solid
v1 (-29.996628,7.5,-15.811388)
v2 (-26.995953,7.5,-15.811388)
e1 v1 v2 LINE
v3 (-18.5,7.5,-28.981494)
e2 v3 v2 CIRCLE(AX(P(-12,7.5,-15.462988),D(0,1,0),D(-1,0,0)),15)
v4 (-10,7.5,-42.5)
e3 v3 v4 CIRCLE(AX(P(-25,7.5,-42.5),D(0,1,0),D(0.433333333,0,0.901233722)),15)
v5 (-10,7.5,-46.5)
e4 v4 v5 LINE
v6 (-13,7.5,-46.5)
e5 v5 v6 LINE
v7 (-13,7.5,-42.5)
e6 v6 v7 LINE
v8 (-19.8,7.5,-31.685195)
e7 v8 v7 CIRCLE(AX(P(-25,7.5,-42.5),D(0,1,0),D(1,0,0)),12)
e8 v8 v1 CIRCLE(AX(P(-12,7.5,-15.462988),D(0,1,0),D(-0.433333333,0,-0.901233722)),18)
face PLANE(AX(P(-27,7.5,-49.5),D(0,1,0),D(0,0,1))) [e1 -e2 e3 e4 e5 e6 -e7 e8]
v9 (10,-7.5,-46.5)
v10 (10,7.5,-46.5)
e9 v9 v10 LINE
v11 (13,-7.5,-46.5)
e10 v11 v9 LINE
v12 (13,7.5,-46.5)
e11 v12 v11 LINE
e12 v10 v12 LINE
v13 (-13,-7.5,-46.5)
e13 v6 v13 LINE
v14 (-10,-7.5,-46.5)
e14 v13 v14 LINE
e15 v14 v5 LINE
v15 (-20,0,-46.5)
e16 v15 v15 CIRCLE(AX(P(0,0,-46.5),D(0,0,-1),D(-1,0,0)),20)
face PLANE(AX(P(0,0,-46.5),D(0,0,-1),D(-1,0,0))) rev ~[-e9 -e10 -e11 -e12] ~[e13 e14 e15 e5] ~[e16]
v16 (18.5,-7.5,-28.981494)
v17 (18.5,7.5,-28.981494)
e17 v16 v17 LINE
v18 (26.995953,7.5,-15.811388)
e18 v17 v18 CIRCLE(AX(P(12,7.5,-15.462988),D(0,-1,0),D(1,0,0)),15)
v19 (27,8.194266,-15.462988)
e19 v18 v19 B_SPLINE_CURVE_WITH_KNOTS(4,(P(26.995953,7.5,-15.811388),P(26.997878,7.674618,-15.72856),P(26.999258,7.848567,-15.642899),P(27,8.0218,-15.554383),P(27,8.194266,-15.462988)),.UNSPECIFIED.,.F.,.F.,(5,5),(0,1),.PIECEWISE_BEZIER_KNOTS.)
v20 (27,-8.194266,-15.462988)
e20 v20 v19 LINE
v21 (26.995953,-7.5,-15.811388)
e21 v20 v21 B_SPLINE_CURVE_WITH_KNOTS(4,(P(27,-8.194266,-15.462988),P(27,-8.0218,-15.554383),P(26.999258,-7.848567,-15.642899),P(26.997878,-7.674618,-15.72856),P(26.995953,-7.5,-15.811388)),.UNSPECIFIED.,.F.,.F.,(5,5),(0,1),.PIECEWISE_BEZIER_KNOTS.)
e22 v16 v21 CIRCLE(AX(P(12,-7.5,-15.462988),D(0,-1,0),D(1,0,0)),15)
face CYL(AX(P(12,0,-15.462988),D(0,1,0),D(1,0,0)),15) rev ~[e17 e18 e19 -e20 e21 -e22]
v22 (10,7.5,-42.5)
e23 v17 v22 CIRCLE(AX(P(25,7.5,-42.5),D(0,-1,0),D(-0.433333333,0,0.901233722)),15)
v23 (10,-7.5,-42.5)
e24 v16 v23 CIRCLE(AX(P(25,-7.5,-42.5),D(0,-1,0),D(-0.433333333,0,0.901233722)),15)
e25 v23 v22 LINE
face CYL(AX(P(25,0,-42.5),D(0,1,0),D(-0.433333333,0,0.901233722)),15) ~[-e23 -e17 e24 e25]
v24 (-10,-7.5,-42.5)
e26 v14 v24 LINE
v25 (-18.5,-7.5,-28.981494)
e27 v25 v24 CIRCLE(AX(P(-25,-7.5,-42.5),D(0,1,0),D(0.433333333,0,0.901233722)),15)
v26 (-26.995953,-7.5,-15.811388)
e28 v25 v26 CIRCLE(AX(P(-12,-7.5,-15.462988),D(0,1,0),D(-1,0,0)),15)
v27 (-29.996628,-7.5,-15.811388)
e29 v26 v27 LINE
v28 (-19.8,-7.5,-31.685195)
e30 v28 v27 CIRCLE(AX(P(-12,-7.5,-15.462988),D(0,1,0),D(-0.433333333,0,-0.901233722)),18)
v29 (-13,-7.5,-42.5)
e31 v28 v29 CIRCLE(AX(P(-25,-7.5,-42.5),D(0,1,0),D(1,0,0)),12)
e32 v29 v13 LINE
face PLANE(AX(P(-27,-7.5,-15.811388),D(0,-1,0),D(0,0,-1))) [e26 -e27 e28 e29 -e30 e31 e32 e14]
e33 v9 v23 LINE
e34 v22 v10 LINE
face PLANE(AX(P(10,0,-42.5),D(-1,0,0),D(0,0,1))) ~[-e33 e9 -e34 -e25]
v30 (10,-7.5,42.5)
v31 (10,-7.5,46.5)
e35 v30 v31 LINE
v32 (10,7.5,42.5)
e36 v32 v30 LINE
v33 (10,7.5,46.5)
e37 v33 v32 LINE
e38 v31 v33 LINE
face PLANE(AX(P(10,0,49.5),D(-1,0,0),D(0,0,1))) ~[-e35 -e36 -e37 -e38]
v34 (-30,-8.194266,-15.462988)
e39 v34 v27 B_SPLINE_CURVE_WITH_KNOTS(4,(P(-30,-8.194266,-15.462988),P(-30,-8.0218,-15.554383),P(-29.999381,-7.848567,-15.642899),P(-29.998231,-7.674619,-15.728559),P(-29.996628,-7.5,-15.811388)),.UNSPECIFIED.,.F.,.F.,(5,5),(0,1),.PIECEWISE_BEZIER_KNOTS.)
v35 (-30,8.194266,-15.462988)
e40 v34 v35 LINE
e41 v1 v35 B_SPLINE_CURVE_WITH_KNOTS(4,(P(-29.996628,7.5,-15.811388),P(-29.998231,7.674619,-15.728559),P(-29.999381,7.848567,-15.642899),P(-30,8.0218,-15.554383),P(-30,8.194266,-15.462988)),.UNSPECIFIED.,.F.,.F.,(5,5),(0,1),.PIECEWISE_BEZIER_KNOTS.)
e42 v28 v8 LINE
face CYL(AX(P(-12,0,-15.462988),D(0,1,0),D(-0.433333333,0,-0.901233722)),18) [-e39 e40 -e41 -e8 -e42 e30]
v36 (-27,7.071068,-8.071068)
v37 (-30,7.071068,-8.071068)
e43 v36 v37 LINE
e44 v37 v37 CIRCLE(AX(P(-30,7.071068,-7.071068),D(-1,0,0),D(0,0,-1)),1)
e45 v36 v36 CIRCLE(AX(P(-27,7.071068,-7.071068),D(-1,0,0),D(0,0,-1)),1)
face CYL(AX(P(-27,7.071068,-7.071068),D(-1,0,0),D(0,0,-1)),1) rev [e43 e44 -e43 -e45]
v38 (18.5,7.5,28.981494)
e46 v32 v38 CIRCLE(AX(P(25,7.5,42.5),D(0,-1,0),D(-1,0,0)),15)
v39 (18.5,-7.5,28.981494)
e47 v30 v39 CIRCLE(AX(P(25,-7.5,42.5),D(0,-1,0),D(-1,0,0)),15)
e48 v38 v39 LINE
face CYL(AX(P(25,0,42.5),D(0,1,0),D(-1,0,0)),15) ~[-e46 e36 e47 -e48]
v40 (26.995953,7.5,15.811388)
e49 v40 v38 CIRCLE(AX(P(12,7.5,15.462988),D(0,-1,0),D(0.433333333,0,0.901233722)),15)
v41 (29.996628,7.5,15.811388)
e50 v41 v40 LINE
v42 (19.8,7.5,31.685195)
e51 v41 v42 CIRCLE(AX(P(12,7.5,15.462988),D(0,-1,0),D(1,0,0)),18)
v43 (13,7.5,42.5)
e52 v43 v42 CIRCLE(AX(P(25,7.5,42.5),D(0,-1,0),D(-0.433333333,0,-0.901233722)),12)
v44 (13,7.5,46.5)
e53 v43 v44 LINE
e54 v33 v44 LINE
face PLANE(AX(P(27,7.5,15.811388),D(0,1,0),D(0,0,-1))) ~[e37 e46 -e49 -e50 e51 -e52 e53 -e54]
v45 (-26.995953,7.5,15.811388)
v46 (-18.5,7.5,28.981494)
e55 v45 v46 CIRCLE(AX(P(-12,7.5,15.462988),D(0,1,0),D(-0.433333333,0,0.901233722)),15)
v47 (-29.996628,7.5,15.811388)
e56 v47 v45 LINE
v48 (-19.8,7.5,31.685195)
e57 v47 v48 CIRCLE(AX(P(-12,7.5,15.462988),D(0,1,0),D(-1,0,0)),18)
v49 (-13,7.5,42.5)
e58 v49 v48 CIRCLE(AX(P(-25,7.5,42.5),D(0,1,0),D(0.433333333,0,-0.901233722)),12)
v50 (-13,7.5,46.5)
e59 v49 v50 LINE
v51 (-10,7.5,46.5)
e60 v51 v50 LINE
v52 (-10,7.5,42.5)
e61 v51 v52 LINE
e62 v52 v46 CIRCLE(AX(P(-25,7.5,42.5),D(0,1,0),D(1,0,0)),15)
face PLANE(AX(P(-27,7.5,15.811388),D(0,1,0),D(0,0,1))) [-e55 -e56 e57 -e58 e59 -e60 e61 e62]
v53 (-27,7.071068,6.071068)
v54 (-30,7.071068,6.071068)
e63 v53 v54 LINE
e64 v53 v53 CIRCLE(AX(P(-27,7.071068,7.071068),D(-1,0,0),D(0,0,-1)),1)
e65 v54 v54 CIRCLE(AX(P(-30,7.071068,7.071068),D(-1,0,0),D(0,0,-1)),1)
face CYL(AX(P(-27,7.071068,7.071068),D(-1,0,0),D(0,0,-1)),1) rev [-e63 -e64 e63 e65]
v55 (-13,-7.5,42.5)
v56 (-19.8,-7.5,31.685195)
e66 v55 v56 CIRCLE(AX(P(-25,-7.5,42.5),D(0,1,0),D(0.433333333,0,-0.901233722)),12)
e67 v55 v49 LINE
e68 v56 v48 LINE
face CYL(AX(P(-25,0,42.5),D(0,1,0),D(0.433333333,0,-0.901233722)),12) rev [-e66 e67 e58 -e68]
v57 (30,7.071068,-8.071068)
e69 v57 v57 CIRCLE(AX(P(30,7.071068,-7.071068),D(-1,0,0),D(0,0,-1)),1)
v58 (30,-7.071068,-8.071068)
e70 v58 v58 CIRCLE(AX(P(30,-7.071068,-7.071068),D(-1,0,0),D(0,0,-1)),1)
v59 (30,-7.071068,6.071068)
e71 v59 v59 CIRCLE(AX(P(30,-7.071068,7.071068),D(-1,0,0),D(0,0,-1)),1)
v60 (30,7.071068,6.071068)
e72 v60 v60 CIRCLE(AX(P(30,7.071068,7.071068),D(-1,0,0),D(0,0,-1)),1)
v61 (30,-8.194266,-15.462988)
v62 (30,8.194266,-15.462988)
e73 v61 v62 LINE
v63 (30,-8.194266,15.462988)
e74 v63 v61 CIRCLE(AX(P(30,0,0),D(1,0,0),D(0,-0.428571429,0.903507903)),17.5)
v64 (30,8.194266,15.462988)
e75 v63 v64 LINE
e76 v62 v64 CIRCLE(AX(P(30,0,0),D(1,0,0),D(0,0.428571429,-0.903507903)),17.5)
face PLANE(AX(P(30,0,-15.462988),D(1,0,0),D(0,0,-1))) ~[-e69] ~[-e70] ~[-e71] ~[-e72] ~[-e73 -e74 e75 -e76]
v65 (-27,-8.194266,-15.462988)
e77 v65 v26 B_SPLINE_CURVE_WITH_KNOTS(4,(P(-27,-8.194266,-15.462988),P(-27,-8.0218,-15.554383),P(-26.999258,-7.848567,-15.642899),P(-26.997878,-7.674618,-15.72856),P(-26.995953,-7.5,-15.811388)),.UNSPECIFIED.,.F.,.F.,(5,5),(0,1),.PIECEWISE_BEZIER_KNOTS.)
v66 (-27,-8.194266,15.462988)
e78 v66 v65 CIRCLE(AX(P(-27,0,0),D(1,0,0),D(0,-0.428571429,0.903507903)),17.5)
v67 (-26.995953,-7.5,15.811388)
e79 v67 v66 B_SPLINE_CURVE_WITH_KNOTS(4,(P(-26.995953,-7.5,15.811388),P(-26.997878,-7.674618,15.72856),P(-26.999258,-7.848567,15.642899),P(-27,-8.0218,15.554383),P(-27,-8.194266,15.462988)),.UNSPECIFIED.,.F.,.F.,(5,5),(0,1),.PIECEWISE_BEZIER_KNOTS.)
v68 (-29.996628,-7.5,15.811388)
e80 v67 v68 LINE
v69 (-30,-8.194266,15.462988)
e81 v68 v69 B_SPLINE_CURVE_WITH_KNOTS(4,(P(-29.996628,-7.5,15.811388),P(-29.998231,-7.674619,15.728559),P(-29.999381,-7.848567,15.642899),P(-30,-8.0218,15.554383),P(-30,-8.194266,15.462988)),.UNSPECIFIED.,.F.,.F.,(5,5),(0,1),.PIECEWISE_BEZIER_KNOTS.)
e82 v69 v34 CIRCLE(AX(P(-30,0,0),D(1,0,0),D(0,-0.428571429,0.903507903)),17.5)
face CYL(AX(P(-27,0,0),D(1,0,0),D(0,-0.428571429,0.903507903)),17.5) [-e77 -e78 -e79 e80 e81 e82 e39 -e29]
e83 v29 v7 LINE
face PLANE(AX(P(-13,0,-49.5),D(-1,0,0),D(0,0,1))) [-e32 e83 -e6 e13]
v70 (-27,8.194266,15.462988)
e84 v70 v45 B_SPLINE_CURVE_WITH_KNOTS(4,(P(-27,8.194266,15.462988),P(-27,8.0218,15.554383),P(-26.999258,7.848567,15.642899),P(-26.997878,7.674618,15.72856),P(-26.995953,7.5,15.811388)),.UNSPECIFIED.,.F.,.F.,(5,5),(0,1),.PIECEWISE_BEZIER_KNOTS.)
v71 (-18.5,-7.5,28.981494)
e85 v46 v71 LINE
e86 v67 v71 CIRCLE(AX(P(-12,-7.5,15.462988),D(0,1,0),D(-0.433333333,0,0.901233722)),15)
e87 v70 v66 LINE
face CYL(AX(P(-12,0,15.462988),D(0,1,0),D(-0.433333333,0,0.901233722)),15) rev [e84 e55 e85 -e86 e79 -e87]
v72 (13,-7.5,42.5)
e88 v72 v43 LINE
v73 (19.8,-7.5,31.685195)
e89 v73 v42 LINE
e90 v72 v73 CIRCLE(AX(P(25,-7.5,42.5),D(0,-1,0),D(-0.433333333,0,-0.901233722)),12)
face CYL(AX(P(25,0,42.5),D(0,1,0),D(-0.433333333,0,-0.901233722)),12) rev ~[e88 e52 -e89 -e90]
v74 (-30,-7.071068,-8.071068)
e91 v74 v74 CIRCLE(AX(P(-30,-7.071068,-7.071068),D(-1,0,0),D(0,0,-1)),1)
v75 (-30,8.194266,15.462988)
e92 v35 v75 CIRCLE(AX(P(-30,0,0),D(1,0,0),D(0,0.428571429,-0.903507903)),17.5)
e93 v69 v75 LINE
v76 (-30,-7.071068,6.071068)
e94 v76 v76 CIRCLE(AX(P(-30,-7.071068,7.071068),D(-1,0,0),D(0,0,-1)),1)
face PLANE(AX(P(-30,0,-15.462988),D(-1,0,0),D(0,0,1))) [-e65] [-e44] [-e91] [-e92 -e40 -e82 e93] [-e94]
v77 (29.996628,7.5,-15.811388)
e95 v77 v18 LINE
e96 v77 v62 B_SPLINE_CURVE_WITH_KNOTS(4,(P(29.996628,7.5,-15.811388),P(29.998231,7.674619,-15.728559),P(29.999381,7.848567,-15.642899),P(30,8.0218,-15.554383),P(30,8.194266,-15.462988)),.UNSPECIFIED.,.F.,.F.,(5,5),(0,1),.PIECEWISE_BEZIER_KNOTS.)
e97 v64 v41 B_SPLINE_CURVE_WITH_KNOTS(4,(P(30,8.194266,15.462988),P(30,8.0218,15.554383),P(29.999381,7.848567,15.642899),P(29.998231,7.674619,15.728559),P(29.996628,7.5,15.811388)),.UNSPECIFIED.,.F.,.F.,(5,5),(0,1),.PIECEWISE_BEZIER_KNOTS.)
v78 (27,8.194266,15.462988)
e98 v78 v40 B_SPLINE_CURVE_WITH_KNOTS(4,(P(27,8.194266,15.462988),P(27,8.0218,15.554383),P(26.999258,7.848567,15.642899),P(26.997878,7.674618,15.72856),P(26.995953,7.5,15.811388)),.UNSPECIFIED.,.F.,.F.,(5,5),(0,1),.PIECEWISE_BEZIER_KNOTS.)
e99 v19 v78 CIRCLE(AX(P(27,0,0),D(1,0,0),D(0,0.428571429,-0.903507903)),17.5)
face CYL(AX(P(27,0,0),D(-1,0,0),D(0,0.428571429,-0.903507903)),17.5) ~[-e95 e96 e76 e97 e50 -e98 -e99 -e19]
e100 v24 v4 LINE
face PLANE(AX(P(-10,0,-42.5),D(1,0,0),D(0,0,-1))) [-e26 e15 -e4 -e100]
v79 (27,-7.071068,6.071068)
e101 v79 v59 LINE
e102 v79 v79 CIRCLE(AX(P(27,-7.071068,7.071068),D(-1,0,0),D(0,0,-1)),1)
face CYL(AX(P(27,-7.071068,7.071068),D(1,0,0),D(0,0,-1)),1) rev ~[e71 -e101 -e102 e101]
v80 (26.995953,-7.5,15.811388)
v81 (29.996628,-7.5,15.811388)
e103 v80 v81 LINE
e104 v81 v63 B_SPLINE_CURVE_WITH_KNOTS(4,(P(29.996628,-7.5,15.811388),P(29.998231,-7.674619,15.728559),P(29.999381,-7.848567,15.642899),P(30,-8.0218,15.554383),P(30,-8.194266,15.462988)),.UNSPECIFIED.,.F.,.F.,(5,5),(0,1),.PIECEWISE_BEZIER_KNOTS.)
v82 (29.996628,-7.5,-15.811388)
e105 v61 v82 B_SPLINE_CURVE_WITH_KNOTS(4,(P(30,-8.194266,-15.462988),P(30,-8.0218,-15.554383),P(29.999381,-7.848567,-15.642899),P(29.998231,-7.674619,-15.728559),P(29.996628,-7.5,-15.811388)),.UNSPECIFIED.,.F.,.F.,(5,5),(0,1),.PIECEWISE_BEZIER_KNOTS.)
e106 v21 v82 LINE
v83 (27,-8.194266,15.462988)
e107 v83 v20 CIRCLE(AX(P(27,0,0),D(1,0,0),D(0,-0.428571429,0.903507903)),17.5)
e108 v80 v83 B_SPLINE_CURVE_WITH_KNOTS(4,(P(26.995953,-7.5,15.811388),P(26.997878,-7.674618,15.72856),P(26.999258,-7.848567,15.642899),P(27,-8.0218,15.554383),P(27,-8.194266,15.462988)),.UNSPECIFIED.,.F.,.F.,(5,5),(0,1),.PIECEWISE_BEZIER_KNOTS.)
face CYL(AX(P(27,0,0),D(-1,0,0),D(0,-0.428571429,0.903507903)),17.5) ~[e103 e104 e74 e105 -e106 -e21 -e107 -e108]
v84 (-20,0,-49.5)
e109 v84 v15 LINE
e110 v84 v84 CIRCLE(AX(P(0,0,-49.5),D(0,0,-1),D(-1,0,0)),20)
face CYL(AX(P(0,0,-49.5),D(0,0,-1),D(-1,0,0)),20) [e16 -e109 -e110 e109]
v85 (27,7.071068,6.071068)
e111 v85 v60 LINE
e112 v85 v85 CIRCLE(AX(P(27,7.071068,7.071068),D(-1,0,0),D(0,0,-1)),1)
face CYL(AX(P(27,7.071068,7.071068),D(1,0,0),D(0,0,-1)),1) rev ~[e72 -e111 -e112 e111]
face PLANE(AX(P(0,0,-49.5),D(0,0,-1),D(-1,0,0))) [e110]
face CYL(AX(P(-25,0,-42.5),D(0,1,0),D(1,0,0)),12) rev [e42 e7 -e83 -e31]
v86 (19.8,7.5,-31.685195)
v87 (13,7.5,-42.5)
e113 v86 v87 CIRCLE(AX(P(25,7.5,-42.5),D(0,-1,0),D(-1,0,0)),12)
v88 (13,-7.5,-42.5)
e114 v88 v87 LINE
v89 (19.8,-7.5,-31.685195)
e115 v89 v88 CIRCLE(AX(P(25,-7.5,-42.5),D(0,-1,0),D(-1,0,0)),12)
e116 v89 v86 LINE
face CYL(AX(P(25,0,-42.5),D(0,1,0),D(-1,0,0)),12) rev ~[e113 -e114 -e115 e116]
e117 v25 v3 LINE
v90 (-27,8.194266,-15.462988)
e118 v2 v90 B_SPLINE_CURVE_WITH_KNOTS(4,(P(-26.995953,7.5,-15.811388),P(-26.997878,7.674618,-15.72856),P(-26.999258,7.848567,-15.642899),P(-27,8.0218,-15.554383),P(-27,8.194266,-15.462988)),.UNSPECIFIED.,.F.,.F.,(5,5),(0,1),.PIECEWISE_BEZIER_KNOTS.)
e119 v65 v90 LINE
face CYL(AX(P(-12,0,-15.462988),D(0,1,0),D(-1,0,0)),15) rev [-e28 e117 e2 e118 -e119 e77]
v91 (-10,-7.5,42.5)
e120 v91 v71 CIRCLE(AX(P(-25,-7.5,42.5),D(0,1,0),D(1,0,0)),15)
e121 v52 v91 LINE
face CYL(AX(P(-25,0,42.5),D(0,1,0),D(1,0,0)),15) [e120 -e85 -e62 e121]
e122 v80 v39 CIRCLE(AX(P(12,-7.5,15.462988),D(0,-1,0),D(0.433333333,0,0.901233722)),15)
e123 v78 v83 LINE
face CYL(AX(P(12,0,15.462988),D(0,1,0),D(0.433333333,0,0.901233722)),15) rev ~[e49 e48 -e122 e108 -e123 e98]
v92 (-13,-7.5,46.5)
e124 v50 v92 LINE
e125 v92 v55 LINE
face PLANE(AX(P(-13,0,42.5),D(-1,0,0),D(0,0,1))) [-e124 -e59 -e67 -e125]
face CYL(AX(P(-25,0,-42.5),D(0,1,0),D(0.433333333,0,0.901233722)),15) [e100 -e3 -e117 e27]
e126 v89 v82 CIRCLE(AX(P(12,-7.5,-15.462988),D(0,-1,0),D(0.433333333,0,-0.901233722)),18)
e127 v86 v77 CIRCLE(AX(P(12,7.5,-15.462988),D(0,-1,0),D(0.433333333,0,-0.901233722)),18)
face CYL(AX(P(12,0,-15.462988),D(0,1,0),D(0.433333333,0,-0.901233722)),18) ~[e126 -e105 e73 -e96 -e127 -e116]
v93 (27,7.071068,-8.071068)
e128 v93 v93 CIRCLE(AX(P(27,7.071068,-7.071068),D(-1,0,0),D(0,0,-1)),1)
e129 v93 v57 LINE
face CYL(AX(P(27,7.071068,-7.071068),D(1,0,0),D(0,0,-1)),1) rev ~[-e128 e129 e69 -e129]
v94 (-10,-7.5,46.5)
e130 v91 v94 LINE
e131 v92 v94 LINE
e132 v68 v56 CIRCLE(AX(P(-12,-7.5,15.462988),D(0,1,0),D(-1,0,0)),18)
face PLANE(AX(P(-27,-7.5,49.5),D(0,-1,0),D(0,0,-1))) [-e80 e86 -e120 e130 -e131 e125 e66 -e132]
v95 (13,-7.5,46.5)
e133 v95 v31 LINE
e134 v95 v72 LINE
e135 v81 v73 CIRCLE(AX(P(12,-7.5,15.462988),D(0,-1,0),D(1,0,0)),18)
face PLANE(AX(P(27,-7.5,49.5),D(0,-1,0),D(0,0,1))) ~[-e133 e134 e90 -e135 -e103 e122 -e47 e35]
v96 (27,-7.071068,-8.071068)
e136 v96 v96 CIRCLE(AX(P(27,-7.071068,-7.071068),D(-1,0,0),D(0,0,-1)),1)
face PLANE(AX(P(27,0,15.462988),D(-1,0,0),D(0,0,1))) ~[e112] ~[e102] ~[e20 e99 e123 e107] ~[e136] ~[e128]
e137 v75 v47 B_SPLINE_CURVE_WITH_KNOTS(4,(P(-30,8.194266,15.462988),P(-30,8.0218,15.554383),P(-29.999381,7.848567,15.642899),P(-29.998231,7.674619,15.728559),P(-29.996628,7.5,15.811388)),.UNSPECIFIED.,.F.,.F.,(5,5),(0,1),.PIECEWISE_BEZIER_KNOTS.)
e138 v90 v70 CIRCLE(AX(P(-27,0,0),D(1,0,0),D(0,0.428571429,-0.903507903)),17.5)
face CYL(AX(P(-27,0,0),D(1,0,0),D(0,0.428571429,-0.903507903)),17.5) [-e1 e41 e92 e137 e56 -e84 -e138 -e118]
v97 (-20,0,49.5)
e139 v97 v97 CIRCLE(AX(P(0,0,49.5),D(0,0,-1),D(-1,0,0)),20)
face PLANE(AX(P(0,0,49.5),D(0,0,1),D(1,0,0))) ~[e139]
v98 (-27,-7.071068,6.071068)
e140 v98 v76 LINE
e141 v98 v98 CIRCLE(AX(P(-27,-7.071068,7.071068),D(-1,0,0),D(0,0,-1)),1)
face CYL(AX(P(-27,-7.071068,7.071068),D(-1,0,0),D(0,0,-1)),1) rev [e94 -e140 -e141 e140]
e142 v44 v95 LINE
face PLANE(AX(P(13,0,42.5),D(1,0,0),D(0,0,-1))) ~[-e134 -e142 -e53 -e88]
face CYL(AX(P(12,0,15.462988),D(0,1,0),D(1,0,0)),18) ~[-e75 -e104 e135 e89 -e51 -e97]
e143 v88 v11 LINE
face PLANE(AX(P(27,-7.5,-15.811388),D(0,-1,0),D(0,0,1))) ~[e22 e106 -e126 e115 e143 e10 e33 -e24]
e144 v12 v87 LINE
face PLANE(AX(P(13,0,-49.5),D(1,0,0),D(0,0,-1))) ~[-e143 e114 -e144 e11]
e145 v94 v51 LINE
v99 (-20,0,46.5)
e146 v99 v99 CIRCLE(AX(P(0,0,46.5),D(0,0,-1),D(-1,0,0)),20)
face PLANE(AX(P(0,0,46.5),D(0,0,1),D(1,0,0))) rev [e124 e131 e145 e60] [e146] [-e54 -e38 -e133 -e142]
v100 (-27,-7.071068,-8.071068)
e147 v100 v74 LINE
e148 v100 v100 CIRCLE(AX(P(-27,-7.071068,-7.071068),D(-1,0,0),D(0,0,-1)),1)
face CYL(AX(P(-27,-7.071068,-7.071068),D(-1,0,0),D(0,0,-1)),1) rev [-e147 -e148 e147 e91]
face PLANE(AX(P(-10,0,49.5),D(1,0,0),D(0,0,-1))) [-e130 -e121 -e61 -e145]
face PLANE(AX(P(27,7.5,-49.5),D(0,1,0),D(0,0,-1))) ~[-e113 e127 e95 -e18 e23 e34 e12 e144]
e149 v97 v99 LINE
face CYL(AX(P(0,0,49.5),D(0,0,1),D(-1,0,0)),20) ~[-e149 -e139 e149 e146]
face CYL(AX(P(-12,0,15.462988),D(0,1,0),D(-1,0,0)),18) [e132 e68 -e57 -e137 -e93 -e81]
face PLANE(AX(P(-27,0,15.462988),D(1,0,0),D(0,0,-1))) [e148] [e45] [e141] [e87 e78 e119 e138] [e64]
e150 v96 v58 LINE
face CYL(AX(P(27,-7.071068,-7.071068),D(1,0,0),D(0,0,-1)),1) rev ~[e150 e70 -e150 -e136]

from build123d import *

# Parameters (mm, degrees)
BOSS_EXTRUDE1_DEPTH = 25
SKETCH2_R           = 1
BOSS_EXTRUDE2_DEPTH = 25
SKETCH3_R           = 20
BOSS_EXTRUDE3_DEPTH = 3


with BuildPart() as part:
    # Sketch1 → Boss-Extrude1 (new, symmetric)
    with BuildSketch(Plane(origin=(0, 0, 0), x_dir=(1, 0, 0), z_dir=(0, 1, 0))):
        with BuildLine():
            Line((-27, -15.462988331), (-27, 15.462988331))
            ThreePointArc((-27, 15.462988331), (-24.698425099, 23.447348042), (-18.5, 28.981494165))
            ThreePointArc((-18.5, 28.981494165), (-12.301574901, 34.515640289), (-10, 42.5))
            Line((-10, 42.5), (-10, 49.5))
            Line((-10, 49.5), (-13, 49.5))
            Line((-13, 49.5), (-13, 42.5))
            ThreePointArc((-13, 42.5), (-14.841259921, 36.112512231), (-19.8, 31.685195332))
            ThreePointArc((-19.8, 31.685195332), (-27.238110119, 25.044219984), (-30, 15.462988331))
            Line((-30, 15.462988331), (-30, -15.462988331))
            ThreePointArc((-30, -15.462988331), (-27.238110119, -25.044219984), (-19.8, -31.685195332))
            ThreePointArc((-19.8, -31.685195332), (-14.841259921, -36.112512231), (-13, -42.5))
            Line((-13, -42.5), (-13, -49.5))
            Line((-13, -49.5), (-10, -49.5))
            Line((-10, -49.5), (-10, -42.5))
            ThreePointArc((-10, -42.5), (-12.301574901, -34.515640289), (-18.5, -28.981494165))
            ThreePointArc((-18.5, -28.981494165), (-24.698425099, -23.447348042), (-27, -15.462988331))
        make_face()
    extrude(amount=BOSS_EXTRUDE1_DEPTH, both=True)


with BuildPart() as body_2:
    # Sketch2 → Boss-Extrude2 (new, symmetric)
    with BuildSketch(Plane(origin=(-27, 0, 0), x_dir=(0, 0, -1), z_dir=(1, 0, 0))):
        with BuildLine():
            Line((15.811388301, -7.5), (49.5, -7.5))
            Line((49.5, -7.5), (49.5, 7.5))
            Line((49.5, 7.5), (15.811388301, 7.5))
            ThreePointArc((15.811388301, 7.5), (0, 17.5), (-15.811388301, 7.5))
            Line((-15.811388301, 7.5), (-49.5, 7.5))
            Line((-49.5, 7.5), (-49.5, -7.5))
            Line((-49.5, -7.5), (-15.811388301, -7.5))
            ThreePointArc((-15.811388301, -7.5), (0, -17.5), (15.811388301, -7.5))
        make_face()
        with Locations((7.071067812, -7.071067812)):
            Circle(SKETCH2_R, mode=Mode.SUBTRACT)
        with Locations((-7.071067812, -7.071067812)):
            Circle(SKETCH2_R, mode=Mode.SUBTRACT)
        with Locations((-7.071067812, 7.071067812)):
            Circle(SKETCH2_R, mode=Mode.SUBTRACT)
        with Locations((7.071067812, 7.071067812)):
            Circle(SKETCH2_R, mode=Mode.SUBTRACT)
    extrude(amount=BOSS_EXTRUDE2_DEPTH, both=True)

    # Combine1: intersect part
    add(part.part, mode=Mode.INTERSECT)


with BuildPart() as body_2_2:
    # Mirror3: mirrored copy
    add(body_2.part.mirror(Plane(origin=(0, 0, 0), x_dir=(0, 0, 1), z_dir=(1, 0, 0))))


with BuildPart() as body_2_1:
    add(body_2.part)

    add(body_2_2.part)  # Boss-Extrude3 merges body 2 2
    # Sketch3 → Boss-Extrude3 (add)
    with BuildSketch(Plane(origin=(0, 0, -49.5), x_dir=(-1, 0, 0), z_dir=(0, 0, -1))):
        Circle(SKETCH3_R)
    boss_extrude3 = extrude(amount=-BOSS_EXTRUDE3_DEPTH)

    # Mirror4: Boss-Extrude3 across plane
    add(boss_extrude3.mirror(Plane.XY))


solid = body_2_1.part
